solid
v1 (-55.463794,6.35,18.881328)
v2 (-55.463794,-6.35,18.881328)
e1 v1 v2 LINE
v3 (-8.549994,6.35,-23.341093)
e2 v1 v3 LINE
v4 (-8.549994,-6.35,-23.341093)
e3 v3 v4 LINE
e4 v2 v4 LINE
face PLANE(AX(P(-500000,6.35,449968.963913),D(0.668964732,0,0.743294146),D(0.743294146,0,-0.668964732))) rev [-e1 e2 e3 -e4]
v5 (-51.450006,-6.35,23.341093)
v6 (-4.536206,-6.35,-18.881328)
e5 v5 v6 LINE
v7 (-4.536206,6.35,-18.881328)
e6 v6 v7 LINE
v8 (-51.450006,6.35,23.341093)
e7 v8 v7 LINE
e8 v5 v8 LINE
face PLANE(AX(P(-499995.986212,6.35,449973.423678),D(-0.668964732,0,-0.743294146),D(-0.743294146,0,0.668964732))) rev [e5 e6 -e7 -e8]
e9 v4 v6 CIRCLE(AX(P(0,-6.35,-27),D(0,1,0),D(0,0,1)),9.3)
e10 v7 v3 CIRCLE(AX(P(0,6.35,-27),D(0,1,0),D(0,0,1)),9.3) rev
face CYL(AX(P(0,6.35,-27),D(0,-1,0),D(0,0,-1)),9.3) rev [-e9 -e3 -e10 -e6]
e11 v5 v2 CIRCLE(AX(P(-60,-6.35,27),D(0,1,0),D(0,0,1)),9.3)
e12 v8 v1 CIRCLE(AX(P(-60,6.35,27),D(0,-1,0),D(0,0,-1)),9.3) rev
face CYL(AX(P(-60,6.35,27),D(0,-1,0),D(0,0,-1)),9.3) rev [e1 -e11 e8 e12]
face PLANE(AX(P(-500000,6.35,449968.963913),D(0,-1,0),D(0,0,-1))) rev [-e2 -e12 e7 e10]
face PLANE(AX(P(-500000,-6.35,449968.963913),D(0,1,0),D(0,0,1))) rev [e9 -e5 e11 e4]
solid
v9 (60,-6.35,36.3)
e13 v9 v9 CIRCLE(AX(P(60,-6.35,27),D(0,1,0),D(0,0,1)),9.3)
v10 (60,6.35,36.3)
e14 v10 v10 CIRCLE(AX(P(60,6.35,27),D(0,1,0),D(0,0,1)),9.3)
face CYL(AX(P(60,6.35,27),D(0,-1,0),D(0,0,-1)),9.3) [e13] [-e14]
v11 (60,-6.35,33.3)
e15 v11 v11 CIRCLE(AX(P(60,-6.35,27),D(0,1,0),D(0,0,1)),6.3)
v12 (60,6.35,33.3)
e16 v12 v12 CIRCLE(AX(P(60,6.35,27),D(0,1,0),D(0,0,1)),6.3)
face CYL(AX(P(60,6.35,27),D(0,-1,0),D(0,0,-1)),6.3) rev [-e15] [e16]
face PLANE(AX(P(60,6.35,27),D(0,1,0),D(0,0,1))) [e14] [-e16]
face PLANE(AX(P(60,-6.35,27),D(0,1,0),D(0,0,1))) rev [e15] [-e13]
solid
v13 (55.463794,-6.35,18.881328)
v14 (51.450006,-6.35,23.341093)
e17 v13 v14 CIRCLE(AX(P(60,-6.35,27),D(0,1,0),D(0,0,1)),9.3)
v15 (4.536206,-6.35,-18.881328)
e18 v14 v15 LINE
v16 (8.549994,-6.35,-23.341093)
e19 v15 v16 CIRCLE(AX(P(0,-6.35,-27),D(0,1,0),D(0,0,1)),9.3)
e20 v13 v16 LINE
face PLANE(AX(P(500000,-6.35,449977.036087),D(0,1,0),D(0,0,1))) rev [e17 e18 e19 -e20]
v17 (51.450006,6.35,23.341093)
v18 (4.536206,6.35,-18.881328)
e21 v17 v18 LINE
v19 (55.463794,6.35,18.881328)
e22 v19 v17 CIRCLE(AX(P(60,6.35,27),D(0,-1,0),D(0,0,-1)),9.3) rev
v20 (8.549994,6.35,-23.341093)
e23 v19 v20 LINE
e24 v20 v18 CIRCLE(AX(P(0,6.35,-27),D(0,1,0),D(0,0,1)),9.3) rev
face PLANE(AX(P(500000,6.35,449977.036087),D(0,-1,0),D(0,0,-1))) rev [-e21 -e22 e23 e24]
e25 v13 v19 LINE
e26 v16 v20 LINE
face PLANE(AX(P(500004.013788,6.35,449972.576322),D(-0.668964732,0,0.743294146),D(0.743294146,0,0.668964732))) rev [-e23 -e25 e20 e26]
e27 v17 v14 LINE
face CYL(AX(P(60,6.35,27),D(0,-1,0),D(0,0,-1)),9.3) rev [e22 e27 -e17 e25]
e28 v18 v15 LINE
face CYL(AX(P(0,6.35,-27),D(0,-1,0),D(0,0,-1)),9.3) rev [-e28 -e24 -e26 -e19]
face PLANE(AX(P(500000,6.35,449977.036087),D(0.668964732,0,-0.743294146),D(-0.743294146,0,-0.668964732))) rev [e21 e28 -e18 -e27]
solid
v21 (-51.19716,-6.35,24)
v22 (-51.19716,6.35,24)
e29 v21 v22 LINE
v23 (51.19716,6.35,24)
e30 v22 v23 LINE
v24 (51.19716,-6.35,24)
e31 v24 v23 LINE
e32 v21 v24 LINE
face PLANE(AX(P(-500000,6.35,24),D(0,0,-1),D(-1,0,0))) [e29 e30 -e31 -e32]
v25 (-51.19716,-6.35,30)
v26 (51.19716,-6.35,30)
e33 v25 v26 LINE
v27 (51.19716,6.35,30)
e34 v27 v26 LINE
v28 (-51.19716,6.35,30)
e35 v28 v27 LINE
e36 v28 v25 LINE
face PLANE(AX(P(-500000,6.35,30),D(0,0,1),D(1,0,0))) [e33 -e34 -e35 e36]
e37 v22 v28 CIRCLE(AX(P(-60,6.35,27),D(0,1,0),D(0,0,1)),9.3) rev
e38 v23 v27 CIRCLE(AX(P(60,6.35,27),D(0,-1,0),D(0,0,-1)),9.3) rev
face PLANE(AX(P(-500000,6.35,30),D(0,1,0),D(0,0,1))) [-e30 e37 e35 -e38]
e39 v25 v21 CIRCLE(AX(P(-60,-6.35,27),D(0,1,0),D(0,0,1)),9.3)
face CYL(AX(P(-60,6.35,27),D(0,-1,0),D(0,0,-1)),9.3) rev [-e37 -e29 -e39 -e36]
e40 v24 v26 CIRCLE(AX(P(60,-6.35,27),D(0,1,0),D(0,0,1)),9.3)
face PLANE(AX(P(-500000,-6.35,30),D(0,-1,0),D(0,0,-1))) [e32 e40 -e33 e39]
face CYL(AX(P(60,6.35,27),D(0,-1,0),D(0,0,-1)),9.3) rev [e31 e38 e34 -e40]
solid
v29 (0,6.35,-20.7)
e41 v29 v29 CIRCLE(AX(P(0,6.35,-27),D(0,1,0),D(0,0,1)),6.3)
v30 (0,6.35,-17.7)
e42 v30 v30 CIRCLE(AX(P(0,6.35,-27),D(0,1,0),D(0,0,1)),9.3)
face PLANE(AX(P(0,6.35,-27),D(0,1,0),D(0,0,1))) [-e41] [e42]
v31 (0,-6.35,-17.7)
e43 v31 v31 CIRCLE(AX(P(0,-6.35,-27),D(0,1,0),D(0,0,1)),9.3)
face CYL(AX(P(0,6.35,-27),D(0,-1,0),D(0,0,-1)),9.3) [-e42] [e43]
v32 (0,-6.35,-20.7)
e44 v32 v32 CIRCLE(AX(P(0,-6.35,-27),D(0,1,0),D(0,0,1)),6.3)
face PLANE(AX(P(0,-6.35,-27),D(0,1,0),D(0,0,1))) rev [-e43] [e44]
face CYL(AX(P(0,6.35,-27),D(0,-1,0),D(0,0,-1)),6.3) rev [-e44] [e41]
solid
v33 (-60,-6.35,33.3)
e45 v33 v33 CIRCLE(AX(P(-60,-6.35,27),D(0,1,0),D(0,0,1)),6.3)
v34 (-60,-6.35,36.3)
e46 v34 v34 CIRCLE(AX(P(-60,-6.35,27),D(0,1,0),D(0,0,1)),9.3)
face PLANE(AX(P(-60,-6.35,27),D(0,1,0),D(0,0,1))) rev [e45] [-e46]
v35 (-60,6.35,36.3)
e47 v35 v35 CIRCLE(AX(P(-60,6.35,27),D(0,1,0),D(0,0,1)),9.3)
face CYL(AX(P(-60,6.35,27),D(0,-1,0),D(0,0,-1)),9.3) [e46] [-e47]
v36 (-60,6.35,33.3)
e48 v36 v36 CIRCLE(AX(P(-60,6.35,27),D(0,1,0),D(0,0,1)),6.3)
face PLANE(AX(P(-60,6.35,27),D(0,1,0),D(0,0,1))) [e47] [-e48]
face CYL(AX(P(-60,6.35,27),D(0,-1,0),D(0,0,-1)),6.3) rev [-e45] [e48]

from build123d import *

# Parameters (mm, degrees)
SKETCH2_R                            = 9.3
SKETCH2_R_2                          = 6.3
BOSS_EXTRUDE1_DEPTH                  = 6.35
BOSS_EXTRUDE1_2_DEPTH                = 6.35
BOSS_EXTRUDE1_3_DEPTH                = 6.35
BOSS_EXTRUDE3_REACH                  = 80.489
BOSS_EXTRUDE3_END_RADIUS             = 9.3
SKETCH8_W                            = 6
SKETCH8_H                            = 12.7
BOSS_EXTRUDE3_DIRECTION_2_REACH      = 80.489
BOSS_EXTRUDE3_DIRECTION_2_END_RADIUS = 9.3
BOSS_EXTRUDE4_REACH                  = 88.98
BOSS_EXTRUDE4_END_RADIUS             = 9.3
SKETCH4_W                            = 6
SKETCH4_H                            = 12.7
BOSS_EXTRUDE4_DIRECTION_2_REACH      = 88.98
BOSS_EXTRUDE4_DIRECTION_2_END_RADIUS = 9.3
BOSS_EXTRUDE5_REACH                  = 88.98
BOSS_EXTRUDE5_END_RADIUS             = 9.3
SKETCH3_W                            = 6
SKETCH3_H                            = 12.7
BOSS_EXTRUDE5_DIRECTION_2_REACH      = 88.98
BOSS_EXTRUDE5_DIRECTION_2_END_RADIUS = 9.3


with BuildPart() as part:
    # Sketch2 → Boss-Extrude1 (new, symmetric)
    with BuildSketch(Plane(origin=(0, 0, 0), x_dir=(1, 0, 0), z_dir=(0, 1, 0))):
        with Locations(Location((60, -27, 0), (0, 0, 270))):
            Circle(SKETCH2_R)
        with Locations(Location((60, -27, 0), (0, 0, 270))):
            Circle(SKETCH2_R_2, mode=Mode.SUBTRACT)
    extrude(amount=BOSS_EXTRUDE1_DEPTH, both=True)


with BuildPart() as body_2:
    # Sketch2 → Boss-Extrude1 2 (new, symmetric)
    with BuildSketch(Plane(origin=(0, 0, 0), x_dir=(1, 0, 0), z_dir=(0, 1, 0))):
        with Locations(Location((0, 27, 0), (0, 0, 270))):
            Circle(SKETCH2_R)
        with Locations(Location((0, 27, 0), (0, 0, 270))):
            Circle(SKETCH2_R_2, mode=Mode.SUBTRACT)
    extrude(amount=BOSS_EXTRUDE1_2_DEPTH, both=True)


with BuildPart() as body_3:
    # Sketch2 → Boss-Extrude1 3 (new, symmetric)
    with BuildSketch(Plane(origin=(0, 0, 0), x_dir=(1, 0, 0), z_dir=(0, 1, 0))):
        with Locations(Location((-60, -27, 0), (0, 0, 270))):
            Circle(SKETCH2_R)
        with Locations(Location((-60, -27, 0), (0, 0, 270))):
            Circle(SKETCH2_R_2, mode=Mode.SUBTRACT)
    extrude(amount=BOSS_EXTRUDE1_3_DEPTH, both=True)


with BuildPart() as body_4:
    # Boss-Extrude3: up to this cylinder (the profile starts outside it)
    boss_extrude3_end = Plane(origin=(60, 0, 27), z_dir=(0, -1, 0)) * Cylinder(BOSS_EXTRUDE3_END_RADIUS, 180.578, mode=Mode.PRIVATE)
    # Sketch8 → Boss-Extrude3 (new, up to the surface)
    with BuildSketch(Plane(origin=(0, 0, 0), x_dir=(0, 0, -1), z_dir=(1, 0, 0)), mode=Mode.PRIVATE) as boss_extrude3_sk1:
        with Locations((-27, 0)):
            Rectangle(SKETCH8_W, SKETCH8_H)
    boss_extrude3_tool1 = extrude(boss_extrude3_sk1.sketch, amount=BOSS_EXTRUDE3_REACH, mode=Mode.PRIVATE) - boss_extrude3_end
    add(boss_extrude3_tool1.solids().sort_by_distance((0, 0, 27))[0])

    # Boss-Extrude3 direction 2: up to this cylinder (the profile starts outside it)
    boss_extrude3_direction_2_end = Plane(origin=(-60, 0, 27), z_dir=(0, -1, 0)) * Cylinder(BOSS_EXTRUDE3_DIRECTION_2_END_RADIUS, 180.578, mode=Mode.PRIVATE)
    # Sketch8 → Boss-Extrude3 direction 2 (add, up to the surface)
    with BuildSketch(Plane(origin=(0, 0, 0), x_dir=(0, 0, -1), z_dir=(1, 0, 0)), mode=Mode.PRIVATE) as boss_extrude3_direction_2_sk1:
        with Locations((-27, 0)):
            Rectangle(SKETCH8_W, SKETCH8_H)
    boss_extrude3_direction_2_tool1 = extrude(boss_extrude3_direction_2_sk1.sketch, amount=-BOSS_EXTRUDE3_DIRECTION_2_REACH, mode=Mode.PRIVATE) - boss_extrude3_direction_2_end
    add(boss_extrude3_direction_2_tool1.solids().sort_by_distance((0, 0, 27))[0])


with BuildPart() as body_5:
    # Boss-Extrude4: up to this cylinder (the profile starts outside it)
    boss_extrude4_end = Plane(origin=(-60, 0, 27), z_dir=(0, -1, 0)) * Cylinder(BOSS_EXTRUDE4_END_RADIUS, 197.56, mode=Mode.PRIVATE)
    # Sketch4 → Boss-Extrude4 (new, up to the surface)
    with BuildSketch(Plane(origin=(6.512778805, 0, -5.861500924), x_dir=(0.6689647316224497, 0, 0.7432941462471663), z_dir=(-0.7432941462471663, 0, 0.6689647316224497)), mode=Mode.PRIVATE) as boss_extrude4_sk1:
        with Locations((-20.068941949, 0)):
            Rectangle(SKETCH4_W, SKETCH4_H)
    boss_extrude4_tool1 = extrude(boss_extrude4_sk1.sketch, amount=BOSS_EXTRUDE4_REACH, mode=Mode.PRIVATE) - boss_extrude4_end
    add(boss_extrude4_tool1.solids().sort_by_distance((-6.912636, 0, -20.778628))[0])

    # Boss-Extrude4 direction 2: up to this cylinder (the profile starts outside it)
    boss_extrude4_direction_2_end = Plane(origin=(0, 0, -27), z_dir=(0, -1, 0)) * Cylinder(BOSS_EXTRUDE4_DIRECTION_2_END_RADIUS, 197.56, mode=Mode.PRIVATE)
    # Sketch4 → Boss-Extrude4 direction 2 (add, up to the surface)
    with BuildSketch(Plane(origin=(6.512778805, 0, -5.861500924), x_dir=(0.6689647316224497, 0, 0.7432941462471663), z_dir=(-0.7432941462471663, 0, 0.6689647316224497)), mode=Mode.PRIVATE) as boss_extrude4_direction_2_sk1:
        with Locations((-20.068941949, 0)):
            Rectangle(SKETCH4_W, SKETCH4_H)
    boss_extrude4_direction_2_tool1 = extrude(boss_extrude4_direction_2_sk1.sketch, amount=-BOSS_EXTRUDE4_DIRECTION_2_REACH, mode=Mode.PRIVATE) - boss_extrude4_direction_2_end
    add(boss_extrude4_direction_2_tool1.solids().sort_by_distance((-6.912636, 0, -20.778628))[0])
    add(boss_extrude4_direction_2_tool1.solids().sort_by_distance((-6.912636, 0, -20.778628))[1])


with BuildPart() as body_6:
    # Boss-Extrude5: up to this cylinder (the profile starts outside it)
    boss_extrude5_end = Plane(origin=(60, 0, 27), z_dir=(0, -1, 0)) * Cylinder(BOSS_EXTRUDE5_END_RADIUS, 197.56, mode=Mode.PRIVATE)
    # Sketch3 → Boss-Extrude5 (new, up to the surface)
    with BuildSketch(Plane(origin=(-6.512778805, 0, -5.861500924), x_dir=(0.6689647316224495, 0, -0.7432941462471665), z_dir=(0.7432941462471665, 0, 0.6689647316224495)), mode=Mode.PRIVATE) as boss_extrude5_sk1:
        with Locations((20.068941949, 0)):
            Rectangle(SKETCH3_W, SKETCH3_H)
    boss_extrude5_tool1 = extrude(boss_extrude5_sk1.sketch, amount=BOSS_EXTRUDE5_REACH, mode=Mode.PRIVATE) - boss_extrude5_end
    add(boss_extrude5_tool1.solids().sort_by_distance((6.912636, 0, -20.778628))[0])

    # Boss-Extrude5 direction 2: up to this cylinder (the profile starts outside it)
    boss_extrude5_direction_2_end = Plane(origin=(0, 0, -27), z_dir=(0, -1, 0)) * Cylinder(BOSS_EXTRUDE5_DIRECTION_2_END_RADIUS, 197.56, mode=Mode.PRIVATE)
    # Sketch3 → Boss-Extrude5 direction 2 (add, up to the surface)
    with BuildSketch(Plane(origin=(-6.512778805, 0, -5.861500924), x_dir=(0.6689647316224495, 0, -0.7432941462471665), z_dir=(0.7432941462471665, 0, 0.6689647316224495)), mode=Mode.PRIVATE) as boss_extrude5_direction_2_sk1:
        with Locations((20.068941949, 0)):
            Rectangle(SKETCH3_W, SKETCH3_H)
    boss_extrude5_direction_2_tool1 = extrude(boss_extrude5_direction_2_sk1.sketch, amount=-BOSS_EXTRUDE5_DIRECTION_2_REACH, mode=Mode.PRIVATE) - boss_extrude5_direction_2_end
    add(boss_extrude5_direction_2_tool1.solids().sort_by_distance((6.912636, 0, -20.778628))[0])
    add(boss_extrude5_direction_2_tool1.solids().sort_by_distance((6.912636, 0, -20.778628))[1])


solid = Compound([part.part, body_2.part, body_3.part, body_4.part, body_5.part, body_6.part])
